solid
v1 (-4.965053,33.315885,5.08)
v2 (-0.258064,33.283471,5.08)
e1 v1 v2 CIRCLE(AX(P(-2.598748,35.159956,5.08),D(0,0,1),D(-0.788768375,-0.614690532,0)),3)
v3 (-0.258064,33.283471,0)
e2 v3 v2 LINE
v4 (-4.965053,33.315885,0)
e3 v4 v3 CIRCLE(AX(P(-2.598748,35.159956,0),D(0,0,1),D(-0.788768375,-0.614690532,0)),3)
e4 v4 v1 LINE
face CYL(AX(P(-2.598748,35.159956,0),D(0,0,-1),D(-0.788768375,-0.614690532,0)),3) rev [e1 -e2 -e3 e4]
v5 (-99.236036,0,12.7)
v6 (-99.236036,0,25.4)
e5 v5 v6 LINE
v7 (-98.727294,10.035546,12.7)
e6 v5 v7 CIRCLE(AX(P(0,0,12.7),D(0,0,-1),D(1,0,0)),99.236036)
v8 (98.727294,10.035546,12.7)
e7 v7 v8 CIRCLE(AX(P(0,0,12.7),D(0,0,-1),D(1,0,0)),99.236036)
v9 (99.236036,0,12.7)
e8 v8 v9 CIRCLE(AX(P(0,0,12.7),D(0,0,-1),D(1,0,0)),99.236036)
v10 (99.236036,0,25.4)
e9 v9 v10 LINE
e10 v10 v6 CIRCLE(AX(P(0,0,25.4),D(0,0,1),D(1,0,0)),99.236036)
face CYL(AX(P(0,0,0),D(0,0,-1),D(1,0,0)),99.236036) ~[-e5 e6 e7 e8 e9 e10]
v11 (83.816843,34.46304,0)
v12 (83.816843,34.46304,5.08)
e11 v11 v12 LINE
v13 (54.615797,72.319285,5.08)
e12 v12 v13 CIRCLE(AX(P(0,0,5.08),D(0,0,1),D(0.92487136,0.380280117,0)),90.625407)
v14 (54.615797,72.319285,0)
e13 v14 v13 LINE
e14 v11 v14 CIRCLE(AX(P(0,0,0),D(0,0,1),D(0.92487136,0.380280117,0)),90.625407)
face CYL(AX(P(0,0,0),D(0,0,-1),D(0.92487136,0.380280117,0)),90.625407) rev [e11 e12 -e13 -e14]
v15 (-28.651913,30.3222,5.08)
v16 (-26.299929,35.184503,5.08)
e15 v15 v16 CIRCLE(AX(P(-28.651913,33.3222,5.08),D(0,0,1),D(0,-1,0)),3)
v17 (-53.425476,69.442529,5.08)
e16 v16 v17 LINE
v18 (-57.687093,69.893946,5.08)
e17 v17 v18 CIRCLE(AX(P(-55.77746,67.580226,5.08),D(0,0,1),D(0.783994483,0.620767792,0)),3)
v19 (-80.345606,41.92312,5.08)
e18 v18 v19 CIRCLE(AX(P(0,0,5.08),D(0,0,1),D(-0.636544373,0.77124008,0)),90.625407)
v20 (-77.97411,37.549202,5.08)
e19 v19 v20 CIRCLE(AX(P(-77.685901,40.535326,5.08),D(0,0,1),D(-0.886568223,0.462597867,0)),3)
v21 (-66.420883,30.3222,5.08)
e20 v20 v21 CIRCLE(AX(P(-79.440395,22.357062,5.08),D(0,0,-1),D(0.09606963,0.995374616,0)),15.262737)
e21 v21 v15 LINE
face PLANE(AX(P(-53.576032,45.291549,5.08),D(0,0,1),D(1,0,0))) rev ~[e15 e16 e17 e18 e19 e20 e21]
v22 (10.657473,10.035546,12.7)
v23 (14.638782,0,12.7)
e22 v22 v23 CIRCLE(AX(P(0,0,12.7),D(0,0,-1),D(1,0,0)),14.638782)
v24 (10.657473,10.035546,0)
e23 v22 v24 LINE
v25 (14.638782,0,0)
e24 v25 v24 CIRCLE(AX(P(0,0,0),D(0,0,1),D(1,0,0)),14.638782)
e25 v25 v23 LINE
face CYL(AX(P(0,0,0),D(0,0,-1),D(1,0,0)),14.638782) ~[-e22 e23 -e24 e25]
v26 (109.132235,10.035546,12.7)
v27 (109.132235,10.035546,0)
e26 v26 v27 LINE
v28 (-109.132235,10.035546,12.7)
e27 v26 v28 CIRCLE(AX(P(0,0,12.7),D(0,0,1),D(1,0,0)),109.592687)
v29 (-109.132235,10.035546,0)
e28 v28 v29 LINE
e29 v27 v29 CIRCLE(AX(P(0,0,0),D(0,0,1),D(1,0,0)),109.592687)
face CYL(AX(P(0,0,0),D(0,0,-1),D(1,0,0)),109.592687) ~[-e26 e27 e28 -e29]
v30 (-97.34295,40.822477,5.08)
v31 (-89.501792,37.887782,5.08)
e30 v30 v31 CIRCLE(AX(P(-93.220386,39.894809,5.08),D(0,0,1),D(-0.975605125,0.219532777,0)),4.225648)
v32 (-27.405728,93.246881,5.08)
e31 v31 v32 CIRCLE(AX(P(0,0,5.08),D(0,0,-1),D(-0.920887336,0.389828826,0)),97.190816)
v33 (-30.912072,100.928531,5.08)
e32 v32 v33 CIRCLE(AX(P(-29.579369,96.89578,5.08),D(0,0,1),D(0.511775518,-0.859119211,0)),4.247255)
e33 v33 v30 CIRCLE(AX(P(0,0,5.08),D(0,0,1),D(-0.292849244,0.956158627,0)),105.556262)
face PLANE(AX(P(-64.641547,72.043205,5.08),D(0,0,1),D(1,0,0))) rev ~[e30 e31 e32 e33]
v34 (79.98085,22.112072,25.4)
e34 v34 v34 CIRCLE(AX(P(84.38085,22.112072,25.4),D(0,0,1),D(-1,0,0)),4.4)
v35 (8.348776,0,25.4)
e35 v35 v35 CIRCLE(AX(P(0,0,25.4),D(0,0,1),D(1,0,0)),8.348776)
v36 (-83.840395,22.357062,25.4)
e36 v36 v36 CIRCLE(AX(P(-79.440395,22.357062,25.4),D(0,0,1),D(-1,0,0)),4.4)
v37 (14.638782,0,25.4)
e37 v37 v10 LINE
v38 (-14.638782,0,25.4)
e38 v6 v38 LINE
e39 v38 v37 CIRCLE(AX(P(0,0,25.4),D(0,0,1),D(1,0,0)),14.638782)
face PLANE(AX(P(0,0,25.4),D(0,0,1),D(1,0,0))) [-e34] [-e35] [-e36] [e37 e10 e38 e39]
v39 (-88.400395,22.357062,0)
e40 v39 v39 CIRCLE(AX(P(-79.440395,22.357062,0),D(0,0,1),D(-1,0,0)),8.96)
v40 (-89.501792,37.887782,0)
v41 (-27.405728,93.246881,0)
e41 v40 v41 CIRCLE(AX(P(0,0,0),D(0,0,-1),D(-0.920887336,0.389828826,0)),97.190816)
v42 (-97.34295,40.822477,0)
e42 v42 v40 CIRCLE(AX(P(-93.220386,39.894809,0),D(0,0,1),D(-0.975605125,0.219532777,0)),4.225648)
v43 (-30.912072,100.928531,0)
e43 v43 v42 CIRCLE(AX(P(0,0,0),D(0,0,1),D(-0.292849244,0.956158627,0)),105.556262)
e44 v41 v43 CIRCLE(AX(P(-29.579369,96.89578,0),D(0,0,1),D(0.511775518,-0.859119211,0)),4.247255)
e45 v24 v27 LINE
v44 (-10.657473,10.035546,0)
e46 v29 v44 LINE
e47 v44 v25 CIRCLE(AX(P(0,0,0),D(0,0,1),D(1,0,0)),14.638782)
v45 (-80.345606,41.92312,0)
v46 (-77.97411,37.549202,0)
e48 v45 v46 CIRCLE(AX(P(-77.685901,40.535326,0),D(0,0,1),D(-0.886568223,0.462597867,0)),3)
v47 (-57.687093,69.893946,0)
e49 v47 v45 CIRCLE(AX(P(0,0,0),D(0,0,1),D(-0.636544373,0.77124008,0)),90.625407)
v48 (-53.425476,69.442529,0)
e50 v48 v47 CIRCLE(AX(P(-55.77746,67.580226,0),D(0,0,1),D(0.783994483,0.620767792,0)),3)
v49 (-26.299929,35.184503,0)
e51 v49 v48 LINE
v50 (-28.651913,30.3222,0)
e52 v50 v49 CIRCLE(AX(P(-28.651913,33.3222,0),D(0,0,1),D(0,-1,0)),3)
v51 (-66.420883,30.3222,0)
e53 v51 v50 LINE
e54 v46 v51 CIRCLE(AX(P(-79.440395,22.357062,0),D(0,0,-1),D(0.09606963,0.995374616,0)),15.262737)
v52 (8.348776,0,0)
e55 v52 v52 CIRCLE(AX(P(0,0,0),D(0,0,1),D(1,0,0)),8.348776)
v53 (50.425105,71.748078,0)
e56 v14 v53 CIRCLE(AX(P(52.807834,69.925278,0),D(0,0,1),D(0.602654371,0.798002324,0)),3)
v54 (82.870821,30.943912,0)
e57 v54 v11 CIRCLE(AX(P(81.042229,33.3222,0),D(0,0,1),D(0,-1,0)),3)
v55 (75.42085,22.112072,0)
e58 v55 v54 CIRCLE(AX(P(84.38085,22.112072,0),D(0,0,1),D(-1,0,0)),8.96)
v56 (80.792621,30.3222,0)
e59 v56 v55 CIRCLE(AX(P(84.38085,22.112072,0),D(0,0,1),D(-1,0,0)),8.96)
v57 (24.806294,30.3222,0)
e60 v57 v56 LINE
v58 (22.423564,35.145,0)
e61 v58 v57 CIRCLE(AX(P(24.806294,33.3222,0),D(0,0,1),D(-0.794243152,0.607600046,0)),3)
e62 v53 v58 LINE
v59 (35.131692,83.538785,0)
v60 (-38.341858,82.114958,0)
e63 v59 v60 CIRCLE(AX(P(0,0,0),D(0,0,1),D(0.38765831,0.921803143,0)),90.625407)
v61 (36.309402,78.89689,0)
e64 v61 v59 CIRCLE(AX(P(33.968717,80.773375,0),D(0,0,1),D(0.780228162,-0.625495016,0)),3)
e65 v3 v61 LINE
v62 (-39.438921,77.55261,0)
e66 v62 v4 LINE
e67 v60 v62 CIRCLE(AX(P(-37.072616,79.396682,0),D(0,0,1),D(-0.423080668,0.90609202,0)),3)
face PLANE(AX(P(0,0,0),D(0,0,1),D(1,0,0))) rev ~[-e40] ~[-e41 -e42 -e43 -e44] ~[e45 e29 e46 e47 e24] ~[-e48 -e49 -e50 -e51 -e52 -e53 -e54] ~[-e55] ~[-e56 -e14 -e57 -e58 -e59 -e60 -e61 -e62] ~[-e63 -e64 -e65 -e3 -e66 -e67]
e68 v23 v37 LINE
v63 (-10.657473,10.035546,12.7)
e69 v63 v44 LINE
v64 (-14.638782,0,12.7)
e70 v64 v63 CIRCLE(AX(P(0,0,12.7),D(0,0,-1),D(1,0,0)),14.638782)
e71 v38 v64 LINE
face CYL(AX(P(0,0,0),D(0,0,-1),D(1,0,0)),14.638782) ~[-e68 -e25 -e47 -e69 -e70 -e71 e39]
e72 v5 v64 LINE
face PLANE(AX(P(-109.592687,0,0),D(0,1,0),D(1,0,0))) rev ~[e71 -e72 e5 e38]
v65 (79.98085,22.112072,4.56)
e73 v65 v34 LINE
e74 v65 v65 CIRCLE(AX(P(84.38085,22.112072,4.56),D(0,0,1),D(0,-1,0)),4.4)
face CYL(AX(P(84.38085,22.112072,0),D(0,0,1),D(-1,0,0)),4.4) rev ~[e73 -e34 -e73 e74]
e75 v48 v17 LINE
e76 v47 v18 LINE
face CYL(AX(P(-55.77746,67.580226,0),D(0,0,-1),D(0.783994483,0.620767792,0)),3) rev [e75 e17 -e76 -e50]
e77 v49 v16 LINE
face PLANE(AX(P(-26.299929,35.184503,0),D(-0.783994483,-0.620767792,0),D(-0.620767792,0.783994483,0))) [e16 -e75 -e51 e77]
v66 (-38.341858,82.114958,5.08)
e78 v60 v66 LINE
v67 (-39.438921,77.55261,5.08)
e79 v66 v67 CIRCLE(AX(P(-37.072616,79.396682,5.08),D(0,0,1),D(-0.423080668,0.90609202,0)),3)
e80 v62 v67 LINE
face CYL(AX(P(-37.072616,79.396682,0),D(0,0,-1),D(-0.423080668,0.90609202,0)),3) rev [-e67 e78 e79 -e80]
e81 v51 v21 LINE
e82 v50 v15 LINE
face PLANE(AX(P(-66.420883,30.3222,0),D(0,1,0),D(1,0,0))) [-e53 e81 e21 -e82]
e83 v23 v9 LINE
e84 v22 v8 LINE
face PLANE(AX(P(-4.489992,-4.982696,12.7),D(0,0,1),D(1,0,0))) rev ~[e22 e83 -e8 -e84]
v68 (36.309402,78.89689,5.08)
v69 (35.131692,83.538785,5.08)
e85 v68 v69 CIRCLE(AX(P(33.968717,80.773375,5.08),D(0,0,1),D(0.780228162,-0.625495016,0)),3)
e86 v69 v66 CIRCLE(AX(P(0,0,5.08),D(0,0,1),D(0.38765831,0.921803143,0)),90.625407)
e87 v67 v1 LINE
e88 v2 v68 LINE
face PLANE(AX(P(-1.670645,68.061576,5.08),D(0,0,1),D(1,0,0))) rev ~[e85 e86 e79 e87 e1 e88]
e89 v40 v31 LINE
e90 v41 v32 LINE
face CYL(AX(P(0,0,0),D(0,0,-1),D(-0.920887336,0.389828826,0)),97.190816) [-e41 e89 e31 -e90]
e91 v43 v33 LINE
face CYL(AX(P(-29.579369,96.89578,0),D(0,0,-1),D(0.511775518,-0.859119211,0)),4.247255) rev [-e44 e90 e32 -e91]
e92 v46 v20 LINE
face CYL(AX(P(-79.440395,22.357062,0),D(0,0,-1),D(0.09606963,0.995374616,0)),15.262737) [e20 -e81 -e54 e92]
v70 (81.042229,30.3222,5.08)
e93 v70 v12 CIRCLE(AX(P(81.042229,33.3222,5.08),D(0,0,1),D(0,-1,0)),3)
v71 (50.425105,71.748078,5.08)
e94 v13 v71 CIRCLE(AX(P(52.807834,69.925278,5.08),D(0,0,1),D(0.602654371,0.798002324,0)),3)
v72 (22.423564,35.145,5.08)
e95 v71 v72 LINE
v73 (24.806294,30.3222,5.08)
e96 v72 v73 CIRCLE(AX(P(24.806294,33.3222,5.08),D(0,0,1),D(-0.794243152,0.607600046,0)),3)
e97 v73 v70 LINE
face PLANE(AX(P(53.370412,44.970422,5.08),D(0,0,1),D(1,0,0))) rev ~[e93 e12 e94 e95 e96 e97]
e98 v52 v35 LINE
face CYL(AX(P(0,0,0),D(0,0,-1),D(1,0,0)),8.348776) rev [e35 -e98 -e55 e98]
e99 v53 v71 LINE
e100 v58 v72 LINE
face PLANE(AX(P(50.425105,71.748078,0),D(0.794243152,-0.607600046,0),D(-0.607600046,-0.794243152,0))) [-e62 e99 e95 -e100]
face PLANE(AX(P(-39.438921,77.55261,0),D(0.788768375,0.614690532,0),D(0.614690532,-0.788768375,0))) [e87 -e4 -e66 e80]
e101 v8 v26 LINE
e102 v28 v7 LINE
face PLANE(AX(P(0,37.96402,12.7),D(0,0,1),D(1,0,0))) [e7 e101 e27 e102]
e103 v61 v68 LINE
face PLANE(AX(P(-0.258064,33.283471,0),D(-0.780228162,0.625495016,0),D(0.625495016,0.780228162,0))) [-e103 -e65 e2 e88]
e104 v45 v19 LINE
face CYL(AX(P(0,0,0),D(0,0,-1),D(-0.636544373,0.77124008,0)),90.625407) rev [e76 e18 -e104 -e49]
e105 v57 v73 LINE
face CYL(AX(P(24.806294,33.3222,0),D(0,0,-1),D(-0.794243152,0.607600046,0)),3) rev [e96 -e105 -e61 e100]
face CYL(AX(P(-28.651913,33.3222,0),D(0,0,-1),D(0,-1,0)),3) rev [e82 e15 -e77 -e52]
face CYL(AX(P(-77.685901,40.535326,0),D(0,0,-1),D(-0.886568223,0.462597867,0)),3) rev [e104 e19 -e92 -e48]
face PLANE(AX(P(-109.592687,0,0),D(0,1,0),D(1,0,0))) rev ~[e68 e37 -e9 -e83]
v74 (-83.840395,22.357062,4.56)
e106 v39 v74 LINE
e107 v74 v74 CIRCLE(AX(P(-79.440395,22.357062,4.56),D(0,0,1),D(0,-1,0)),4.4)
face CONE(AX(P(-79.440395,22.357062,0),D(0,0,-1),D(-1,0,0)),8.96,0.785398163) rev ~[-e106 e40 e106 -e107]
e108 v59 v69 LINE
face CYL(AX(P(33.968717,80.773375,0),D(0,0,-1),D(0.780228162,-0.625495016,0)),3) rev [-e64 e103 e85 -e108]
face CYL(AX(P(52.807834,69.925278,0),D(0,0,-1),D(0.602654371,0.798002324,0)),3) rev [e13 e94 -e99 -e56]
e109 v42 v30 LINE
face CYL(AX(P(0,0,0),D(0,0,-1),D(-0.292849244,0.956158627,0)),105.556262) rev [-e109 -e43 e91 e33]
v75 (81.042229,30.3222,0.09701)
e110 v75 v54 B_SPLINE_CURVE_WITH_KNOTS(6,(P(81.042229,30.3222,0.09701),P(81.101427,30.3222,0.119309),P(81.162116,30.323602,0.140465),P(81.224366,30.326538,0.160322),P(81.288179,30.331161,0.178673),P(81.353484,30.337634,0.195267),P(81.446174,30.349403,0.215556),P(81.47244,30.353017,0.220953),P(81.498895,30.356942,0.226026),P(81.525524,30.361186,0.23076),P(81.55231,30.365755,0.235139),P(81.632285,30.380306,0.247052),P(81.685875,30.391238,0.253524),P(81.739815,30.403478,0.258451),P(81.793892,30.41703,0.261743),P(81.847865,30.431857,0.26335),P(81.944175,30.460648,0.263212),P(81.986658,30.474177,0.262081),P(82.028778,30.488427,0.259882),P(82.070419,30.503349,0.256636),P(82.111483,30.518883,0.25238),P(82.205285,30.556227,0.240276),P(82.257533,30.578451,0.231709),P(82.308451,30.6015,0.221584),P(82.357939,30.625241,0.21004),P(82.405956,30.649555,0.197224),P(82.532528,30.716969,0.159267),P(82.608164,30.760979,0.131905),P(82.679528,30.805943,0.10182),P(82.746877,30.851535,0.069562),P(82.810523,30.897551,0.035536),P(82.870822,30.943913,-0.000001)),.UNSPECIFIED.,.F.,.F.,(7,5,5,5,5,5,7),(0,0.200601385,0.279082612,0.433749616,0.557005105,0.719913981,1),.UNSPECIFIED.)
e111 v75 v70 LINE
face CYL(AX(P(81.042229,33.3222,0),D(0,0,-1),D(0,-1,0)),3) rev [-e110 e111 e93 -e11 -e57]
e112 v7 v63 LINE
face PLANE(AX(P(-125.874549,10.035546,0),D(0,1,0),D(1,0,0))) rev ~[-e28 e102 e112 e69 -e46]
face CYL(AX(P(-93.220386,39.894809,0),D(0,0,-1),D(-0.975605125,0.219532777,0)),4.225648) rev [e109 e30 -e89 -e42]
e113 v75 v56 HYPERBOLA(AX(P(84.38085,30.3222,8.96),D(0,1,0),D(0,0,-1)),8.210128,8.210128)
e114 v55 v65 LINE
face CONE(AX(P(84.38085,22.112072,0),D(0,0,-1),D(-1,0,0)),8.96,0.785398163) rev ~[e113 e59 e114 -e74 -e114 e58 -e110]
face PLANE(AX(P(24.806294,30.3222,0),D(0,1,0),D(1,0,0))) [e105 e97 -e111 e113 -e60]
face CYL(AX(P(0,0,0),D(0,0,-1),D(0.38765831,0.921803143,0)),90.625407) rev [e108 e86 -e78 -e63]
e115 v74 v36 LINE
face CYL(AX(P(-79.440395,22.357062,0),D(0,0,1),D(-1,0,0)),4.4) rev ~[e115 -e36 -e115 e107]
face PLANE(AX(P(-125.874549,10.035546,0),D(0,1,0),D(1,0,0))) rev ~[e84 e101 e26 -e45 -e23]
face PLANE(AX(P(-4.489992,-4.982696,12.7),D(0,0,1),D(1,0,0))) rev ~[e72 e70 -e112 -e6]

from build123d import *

# Parameters (mm, degrees)
F1_DEPTH        = 12.7
F3_DEPTH        = 25.4
F4_W            = 242.7691146731
F4_H            = 30.0364848226
F5_DEPTH        = 12.7
F6_R            = 14.6387815084
F7_DEPTH        = 25.4
F8_R            = 8.3487757397
F9_DEPTH        = 25.4
F11_DEPTH       = 5.08
F13_DEPTH       = 5.08
F15_D           = 8.8
F15_CSINK_D     = 17.92
F15_CSINK_ANGLE = 90


with BuildPart() as f1:
    # F0 (on Top) → F1 (new body)
    with BuildSketch(Plane.XY):
        with BuildLine():
            Line((-109.5926865071, 0), (109.5926865071, 0))
            ThreePointArc((109.5926865071, 0), (0, 109.5926865071), (-109.5926865071, 0))
        make_face()
    extrude(amount=F1_DEPTH)

    # F2 (on Top) → F3 (join)
    with BuildSketch(Plane.XY):
        with BuildLine():
            Line((-99.2360358279, 0), (99.2360358279, 0))
            ThreePointArc((99.2360358279, 0), (0, 99.2360358279), (-99.2360358279, 0))
        make_face()
    extrude(amount=F3_DEPTH)

    # F4 (on Top) → F5 (cut)
    with BuildSketch(Plane.XY):
        with Locations((-4.4899918139, -4.9826959148)):
            Rectangle(F4_W, F4_H)
    extrude(amount=F5_DEPTH, mode=Mode.SUBTRACT)

    # F6 (on Top) → F7 (join)
    with BuildSketch(Plane.XY):
        Circle(F6_R)
    extrude(amount=F7_DEPTH)

    # F8 (on Top) → F9 (cut)
    with BuildSketch(Plane.XY):
        Circle(F8_R)
    extrude(amount=F9_DEPTH, mode=Mode.SUBTRACT)

    # F10 (on Top) → F11 (cut)
    with BuildSketch(Plane.XY):
        with BuildLine():
            ThreePointArc((81.0422290099, 30.3221999213), (83.5344690722, 31.6522479843), (83.8168430896, 34.4630402733))
            ThreePointArc((83.8168430896, 34.4630402733), (71.7577369395, 55.3515268057), (54.6157974615, 72.3192851046))
            ThreePointArc((54.6157974615, 72.3192851046), (52.4026696923, 72.89779249), (50.4251048932, 71.7480782719))
            Line((50.4251048932, 71.7480782719), (22.4235640904, 35.1450000601))
            ThreePointArc((22.4235640904, 35.1450000601), (22.1166466893, 31.9933659242), (24.806293545, 30.3221999213))
            Line((24.806293545, 30.3221999213), (81.0422290099, 30.3221999213))
        make_face()
        with BuildLine():
            ThreePointArc((-4.9650533663, 33.315884659), (-2.6194064658, 32.1600273833), (-0.2580637548, 33.2834712068))
            Line((-0.2580637548, 33.2834712068), (36.3094015687, 78.8968902074))
            ThreePointArc((36.3094015687, 78.8968902074), (36.8765863049, 81.5111398441), (35.1316920138, 83.538784685))
            ThreePointArc((35.1316920138, 83.538784685), (-1.7558791181, 90.6083948589), (-38.3418575582, 82.1149577688))
            ThreePointArc((-38.3418575582, 82.1149577688), (-39.9894725562, 80.0980697861), (-39.4389206806, 77.5526101127))
            Line((-39.4389206806, 77.5526101127), (-4.9650533663, 33.315884659))
        make_face()
        with BuildLine():
            ThreePointArc((-28.6519128364, 30.3221999213), (-25.9512730857, 32.0158519826), (-26.2999293888, 35.1845032967))
            Line((-26.2999293888, 35.1845032967), (-53.425476113, 69.442529))
            ThreePointArc((-53.425476113, 69.442529), (-55.4614488813, 70.5635354057), (-57.6870926805, 69.8939458642))
            ThreePointArc((-57.6870926805, 69.8939458642), (-70.419089982, 57.0448603864), (-80.3456057092, 41.9231197982))
            ThreePointArc((-80.3456057092, 41.9231197982), (-80.3231983412, 39.1054090847), (-77.9741099322, 37.5492023498))
            ThreePointArc((-77.9741099322, 37.5492023498), (-71.346139634, 35.2966967191), (-66.4208829403, 30.3221999213))
            Line((-66.4208829403, 30.3221999213), (-28.6519128364, 30.3221999213))
        make_face()
    extrude(amount=F11_DEPTH, mode=Mode.SUBTRACT)

    # F12 (on Top) → F13 (cut)
    with BuildSketch(Plane.XY):
        with BuildLine():
            ThreePointArc((-89.5017917801, 37.8877817543), (-64.6761122502, 72.5469175245), (-27.4057276817, 93.2468810649))
            ThreePointArc((-27.4057276817, 93.2468810649), (-25.7155974631, 98.6594259136), (-30.9120716898, 100.9285309146))
            ThreePointArc((-30.9120716898, 100.9285309146), (-70.8203505983, 78.2726163475), (-97.3429498314, 40.8224772259))
            ThreePointArc((-97.3429498314, 40.8224772259), (-94.7015703839, 35.937260015), (-89.5017917801, 37.8877817543))
        make_face()
    extrude(amount=F13_DEPTH, mode=Mode.SUBTRACT)

    # F15 (through all)
    with Locations(Plane(origin=(0, 0, 0), x_dir=(1, 0, 0), z_dir=(0, 0, -1))):
        with Locations((84.3808501959, -22.1120715141), (-79.4403954111, -22.3570616146)):
            CounterSinkHole(F15_D / 2, F15_CSINK_D / 2, counter_sink_angle=F15_CSINK_ANGLE)


solid = f1.part
